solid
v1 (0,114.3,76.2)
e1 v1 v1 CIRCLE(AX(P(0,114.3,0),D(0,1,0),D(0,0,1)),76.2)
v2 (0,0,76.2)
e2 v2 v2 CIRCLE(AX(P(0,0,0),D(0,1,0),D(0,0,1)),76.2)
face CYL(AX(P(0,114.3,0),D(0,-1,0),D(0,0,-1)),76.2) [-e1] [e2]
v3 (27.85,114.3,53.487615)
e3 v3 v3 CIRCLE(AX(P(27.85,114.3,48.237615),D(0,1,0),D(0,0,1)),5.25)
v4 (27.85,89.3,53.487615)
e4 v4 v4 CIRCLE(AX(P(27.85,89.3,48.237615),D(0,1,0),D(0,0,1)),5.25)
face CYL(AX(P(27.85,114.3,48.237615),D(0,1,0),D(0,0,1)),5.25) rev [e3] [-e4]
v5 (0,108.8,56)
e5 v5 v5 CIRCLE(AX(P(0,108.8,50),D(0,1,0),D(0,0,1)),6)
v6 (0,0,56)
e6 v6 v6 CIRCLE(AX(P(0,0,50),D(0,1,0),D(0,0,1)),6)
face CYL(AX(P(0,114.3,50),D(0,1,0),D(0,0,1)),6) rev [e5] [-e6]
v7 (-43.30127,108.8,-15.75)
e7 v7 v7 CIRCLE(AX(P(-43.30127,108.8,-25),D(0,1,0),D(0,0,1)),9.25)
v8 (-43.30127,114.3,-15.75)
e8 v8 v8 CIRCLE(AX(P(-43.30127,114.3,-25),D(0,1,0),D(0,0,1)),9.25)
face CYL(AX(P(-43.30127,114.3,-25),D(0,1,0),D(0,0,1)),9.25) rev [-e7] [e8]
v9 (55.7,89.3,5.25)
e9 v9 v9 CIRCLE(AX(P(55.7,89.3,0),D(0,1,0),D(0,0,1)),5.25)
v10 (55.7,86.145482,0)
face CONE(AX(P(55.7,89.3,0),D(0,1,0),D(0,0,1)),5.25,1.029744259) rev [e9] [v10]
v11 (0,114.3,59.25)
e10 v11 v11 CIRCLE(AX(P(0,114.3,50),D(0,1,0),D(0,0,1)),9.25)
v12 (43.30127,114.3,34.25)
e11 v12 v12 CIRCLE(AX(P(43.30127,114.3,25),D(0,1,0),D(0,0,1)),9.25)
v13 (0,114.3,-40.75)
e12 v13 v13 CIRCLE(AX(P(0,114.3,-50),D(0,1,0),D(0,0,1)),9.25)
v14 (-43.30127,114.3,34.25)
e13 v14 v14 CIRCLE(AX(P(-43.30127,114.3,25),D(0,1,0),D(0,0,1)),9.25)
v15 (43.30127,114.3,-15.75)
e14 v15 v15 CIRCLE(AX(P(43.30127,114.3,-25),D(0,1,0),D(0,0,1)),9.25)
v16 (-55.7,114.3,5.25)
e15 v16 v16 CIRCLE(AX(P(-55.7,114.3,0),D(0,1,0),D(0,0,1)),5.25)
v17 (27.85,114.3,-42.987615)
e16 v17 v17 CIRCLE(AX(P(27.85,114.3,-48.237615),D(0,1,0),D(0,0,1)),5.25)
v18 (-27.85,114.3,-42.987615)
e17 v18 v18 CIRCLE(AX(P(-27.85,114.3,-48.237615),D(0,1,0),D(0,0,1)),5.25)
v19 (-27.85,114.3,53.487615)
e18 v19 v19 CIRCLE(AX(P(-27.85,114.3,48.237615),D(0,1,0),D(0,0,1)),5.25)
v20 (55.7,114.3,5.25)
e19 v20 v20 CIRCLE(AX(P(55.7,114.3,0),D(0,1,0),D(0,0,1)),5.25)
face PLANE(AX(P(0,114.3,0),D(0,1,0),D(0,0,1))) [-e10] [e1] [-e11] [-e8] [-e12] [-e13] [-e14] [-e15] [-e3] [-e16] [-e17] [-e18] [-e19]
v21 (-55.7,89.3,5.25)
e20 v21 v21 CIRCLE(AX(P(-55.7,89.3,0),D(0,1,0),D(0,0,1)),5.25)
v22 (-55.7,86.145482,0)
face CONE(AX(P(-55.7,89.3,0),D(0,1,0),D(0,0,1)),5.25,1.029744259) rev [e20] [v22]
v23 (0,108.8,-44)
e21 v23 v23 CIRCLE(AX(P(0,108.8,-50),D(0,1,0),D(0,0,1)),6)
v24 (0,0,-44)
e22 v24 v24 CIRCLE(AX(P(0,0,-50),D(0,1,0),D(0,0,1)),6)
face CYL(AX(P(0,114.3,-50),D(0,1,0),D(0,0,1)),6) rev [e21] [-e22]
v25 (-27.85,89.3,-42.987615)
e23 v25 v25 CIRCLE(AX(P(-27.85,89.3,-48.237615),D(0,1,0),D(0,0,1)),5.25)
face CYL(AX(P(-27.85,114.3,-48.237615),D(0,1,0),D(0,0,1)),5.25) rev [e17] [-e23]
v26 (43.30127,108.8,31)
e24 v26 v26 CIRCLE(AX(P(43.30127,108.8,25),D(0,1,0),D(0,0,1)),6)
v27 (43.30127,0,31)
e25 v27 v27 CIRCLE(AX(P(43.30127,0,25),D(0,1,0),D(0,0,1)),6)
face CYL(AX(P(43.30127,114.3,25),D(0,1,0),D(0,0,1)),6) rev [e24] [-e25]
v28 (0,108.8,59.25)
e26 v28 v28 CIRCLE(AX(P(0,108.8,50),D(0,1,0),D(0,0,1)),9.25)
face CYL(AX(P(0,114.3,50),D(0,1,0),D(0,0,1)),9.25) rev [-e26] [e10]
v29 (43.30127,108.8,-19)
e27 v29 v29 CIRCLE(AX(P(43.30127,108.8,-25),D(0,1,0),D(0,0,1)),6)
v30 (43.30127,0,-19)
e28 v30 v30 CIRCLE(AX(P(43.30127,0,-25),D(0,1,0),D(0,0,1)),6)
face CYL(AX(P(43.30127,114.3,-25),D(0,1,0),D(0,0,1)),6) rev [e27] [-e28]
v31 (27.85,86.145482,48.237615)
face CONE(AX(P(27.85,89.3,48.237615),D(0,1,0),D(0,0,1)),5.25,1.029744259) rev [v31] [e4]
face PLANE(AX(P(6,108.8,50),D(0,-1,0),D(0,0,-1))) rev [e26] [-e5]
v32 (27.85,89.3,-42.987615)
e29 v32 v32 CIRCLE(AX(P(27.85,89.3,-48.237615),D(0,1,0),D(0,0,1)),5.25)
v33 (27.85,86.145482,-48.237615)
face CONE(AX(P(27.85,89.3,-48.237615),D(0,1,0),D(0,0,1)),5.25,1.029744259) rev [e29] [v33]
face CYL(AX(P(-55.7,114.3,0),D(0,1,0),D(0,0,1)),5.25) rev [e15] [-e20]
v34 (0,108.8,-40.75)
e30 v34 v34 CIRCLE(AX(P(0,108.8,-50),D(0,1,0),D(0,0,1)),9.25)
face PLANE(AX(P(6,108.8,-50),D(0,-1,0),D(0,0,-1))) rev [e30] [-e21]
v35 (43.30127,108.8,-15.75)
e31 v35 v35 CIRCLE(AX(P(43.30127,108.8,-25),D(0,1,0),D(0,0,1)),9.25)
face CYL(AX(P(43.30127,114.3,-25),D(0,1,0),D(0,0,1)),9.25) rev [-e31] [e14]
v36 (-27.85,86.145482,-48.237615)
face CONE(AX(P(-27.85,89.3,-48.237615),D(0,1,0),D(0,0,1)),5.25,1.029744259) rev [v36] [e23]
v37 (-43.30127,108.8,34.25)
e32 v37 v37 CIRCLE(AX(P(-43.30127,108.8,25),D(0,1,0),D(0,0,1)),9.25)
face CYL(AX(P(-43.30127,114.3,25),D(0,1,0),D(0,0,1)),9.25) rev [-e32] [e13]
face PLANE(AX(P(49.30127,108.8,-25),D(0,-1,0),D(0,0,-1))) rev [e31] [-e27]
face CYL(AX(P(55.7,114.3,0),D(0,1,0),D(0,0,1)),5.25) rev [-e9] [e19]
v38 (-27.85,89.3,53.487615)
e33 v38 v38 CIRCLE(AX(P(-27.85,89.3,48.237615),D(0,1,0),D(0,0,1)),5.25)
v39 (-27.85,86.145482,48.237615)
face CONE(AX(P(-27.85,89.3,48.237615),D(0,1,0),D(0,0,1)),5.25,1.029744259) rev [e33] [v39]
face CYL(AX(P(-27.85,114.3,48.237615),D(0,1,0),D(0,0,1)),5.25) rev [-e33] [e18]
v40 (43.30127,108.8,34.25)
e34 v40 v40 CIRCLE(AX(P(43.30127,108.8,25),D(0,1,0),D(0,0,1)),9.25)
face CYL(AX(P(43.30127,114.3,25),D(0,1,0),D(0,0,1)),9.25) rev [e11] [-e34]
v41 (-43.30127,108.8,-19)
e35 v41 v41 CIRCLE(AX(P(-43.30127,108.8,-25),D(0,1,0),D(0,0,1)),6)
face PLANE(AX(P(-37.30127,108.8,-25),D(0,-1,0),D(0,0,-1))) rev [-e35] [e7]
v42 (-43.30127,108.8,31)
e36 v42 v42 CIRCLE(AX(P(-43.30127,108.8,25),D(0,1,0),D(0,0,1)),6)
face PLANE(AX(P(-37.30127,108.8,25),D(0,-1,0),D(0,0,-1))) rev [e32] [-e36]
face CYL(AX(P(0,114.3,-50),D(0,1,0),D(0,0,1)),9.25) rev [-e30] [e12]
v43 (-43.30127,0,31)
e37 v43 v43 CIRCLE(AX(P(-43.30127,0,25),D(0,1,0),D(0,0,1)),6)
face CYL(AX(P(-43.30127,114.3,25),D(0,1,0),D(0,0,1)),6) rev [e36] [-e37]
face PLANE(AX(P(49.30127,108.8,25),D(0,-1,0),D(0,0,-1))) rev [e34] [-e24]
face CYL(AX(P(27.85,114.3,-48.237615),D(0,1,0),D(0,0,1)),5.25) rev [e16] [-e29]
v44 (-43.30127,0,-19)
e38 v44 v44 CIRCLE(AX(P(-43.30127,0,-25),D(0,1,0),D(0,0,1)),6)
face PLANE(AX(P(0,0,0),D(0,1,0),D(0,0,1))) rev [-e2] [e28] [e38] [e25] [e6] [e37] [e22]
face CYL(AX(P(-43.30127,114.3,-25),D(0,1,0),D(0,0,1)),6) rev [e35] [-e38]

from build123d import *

# Parameters (mm, degrees)
SKETCH1_R                        = 76.2
BOSS_EXTRUDE1_DEPTH              = 114.3
CBORE_FOR_M10_SBHCS1_D           = 12
CBORE_FOR_M10_SBHCS1_CBORE_D     = 18.5
CBORE_FOR_M10_SBHCS1_CBORE_DEPTH = 5.5
CIRPATTERN1_COUNT                = 6


with BuildPart() as part:
    # Sketch1 → Boss-Extrude1 (new body)
    with BuildSketch(Plane(origin=(0, 0, 0), x_dir=(1, 0, 0), z_dir=(0, 1, 0))):
        Circle(SKETCH1_R)
    extrude(amount=BOSS_EXTRUDE1_DEPTH)

    # CBORE for M10 SBHCS1 (through all)
    with Locations(Plane(origin=(0, 114.3, 0), x_dir=(1, 0, 0), z_dir=(0, 1, 0))):
        with Locations((0, 50), (43.301270189, 25), (43.301270189, -25), (0, -50), (-43.301270189, -25), (-43.301270189, 25)):
            CounterBoreHole(CBORE_FOR_M10_SBHCS1_D / 2, CBORE_FOR_M10_SBHCS1_CBORE_D / 2, CBORE_FOR_M10_SBHCS1_CBORE_DEPTH)

    # Sketch47 → Tap Drill for M10 Helicoil1 (revolve, cut)
    with BuildSketch(Plane(origin=(55.7, 114.3, 0), x_dir=(0, 0, 1), z_dir=(1, 0, 0))):
        Polygon((0, 0), (0, 28.15451825), (5.25, 25), (5.25, 0), align=None)
    tap_drill_for_m10_helicoil1 = revolve(axis=Axis((55.7, 120.65, 0), (0, -1, 0)), mode=Mode.SUBTRACT)

    # CirPattern1: Tap Drill for M10 Helicoil1 ×6 about axis
    cirpattern1_axis = Axis((0, 0, 0), (0, 1, 0))
    for i in range(1, CIRPATTERN1_COUNT):
        add(tap_drill_for_m10_helicoil1.rotate(cirpattern1_axis, i * 360 / CIRPATTERN1_COUNT), mode=Mode.SUBTRACT)


solid = part.part
